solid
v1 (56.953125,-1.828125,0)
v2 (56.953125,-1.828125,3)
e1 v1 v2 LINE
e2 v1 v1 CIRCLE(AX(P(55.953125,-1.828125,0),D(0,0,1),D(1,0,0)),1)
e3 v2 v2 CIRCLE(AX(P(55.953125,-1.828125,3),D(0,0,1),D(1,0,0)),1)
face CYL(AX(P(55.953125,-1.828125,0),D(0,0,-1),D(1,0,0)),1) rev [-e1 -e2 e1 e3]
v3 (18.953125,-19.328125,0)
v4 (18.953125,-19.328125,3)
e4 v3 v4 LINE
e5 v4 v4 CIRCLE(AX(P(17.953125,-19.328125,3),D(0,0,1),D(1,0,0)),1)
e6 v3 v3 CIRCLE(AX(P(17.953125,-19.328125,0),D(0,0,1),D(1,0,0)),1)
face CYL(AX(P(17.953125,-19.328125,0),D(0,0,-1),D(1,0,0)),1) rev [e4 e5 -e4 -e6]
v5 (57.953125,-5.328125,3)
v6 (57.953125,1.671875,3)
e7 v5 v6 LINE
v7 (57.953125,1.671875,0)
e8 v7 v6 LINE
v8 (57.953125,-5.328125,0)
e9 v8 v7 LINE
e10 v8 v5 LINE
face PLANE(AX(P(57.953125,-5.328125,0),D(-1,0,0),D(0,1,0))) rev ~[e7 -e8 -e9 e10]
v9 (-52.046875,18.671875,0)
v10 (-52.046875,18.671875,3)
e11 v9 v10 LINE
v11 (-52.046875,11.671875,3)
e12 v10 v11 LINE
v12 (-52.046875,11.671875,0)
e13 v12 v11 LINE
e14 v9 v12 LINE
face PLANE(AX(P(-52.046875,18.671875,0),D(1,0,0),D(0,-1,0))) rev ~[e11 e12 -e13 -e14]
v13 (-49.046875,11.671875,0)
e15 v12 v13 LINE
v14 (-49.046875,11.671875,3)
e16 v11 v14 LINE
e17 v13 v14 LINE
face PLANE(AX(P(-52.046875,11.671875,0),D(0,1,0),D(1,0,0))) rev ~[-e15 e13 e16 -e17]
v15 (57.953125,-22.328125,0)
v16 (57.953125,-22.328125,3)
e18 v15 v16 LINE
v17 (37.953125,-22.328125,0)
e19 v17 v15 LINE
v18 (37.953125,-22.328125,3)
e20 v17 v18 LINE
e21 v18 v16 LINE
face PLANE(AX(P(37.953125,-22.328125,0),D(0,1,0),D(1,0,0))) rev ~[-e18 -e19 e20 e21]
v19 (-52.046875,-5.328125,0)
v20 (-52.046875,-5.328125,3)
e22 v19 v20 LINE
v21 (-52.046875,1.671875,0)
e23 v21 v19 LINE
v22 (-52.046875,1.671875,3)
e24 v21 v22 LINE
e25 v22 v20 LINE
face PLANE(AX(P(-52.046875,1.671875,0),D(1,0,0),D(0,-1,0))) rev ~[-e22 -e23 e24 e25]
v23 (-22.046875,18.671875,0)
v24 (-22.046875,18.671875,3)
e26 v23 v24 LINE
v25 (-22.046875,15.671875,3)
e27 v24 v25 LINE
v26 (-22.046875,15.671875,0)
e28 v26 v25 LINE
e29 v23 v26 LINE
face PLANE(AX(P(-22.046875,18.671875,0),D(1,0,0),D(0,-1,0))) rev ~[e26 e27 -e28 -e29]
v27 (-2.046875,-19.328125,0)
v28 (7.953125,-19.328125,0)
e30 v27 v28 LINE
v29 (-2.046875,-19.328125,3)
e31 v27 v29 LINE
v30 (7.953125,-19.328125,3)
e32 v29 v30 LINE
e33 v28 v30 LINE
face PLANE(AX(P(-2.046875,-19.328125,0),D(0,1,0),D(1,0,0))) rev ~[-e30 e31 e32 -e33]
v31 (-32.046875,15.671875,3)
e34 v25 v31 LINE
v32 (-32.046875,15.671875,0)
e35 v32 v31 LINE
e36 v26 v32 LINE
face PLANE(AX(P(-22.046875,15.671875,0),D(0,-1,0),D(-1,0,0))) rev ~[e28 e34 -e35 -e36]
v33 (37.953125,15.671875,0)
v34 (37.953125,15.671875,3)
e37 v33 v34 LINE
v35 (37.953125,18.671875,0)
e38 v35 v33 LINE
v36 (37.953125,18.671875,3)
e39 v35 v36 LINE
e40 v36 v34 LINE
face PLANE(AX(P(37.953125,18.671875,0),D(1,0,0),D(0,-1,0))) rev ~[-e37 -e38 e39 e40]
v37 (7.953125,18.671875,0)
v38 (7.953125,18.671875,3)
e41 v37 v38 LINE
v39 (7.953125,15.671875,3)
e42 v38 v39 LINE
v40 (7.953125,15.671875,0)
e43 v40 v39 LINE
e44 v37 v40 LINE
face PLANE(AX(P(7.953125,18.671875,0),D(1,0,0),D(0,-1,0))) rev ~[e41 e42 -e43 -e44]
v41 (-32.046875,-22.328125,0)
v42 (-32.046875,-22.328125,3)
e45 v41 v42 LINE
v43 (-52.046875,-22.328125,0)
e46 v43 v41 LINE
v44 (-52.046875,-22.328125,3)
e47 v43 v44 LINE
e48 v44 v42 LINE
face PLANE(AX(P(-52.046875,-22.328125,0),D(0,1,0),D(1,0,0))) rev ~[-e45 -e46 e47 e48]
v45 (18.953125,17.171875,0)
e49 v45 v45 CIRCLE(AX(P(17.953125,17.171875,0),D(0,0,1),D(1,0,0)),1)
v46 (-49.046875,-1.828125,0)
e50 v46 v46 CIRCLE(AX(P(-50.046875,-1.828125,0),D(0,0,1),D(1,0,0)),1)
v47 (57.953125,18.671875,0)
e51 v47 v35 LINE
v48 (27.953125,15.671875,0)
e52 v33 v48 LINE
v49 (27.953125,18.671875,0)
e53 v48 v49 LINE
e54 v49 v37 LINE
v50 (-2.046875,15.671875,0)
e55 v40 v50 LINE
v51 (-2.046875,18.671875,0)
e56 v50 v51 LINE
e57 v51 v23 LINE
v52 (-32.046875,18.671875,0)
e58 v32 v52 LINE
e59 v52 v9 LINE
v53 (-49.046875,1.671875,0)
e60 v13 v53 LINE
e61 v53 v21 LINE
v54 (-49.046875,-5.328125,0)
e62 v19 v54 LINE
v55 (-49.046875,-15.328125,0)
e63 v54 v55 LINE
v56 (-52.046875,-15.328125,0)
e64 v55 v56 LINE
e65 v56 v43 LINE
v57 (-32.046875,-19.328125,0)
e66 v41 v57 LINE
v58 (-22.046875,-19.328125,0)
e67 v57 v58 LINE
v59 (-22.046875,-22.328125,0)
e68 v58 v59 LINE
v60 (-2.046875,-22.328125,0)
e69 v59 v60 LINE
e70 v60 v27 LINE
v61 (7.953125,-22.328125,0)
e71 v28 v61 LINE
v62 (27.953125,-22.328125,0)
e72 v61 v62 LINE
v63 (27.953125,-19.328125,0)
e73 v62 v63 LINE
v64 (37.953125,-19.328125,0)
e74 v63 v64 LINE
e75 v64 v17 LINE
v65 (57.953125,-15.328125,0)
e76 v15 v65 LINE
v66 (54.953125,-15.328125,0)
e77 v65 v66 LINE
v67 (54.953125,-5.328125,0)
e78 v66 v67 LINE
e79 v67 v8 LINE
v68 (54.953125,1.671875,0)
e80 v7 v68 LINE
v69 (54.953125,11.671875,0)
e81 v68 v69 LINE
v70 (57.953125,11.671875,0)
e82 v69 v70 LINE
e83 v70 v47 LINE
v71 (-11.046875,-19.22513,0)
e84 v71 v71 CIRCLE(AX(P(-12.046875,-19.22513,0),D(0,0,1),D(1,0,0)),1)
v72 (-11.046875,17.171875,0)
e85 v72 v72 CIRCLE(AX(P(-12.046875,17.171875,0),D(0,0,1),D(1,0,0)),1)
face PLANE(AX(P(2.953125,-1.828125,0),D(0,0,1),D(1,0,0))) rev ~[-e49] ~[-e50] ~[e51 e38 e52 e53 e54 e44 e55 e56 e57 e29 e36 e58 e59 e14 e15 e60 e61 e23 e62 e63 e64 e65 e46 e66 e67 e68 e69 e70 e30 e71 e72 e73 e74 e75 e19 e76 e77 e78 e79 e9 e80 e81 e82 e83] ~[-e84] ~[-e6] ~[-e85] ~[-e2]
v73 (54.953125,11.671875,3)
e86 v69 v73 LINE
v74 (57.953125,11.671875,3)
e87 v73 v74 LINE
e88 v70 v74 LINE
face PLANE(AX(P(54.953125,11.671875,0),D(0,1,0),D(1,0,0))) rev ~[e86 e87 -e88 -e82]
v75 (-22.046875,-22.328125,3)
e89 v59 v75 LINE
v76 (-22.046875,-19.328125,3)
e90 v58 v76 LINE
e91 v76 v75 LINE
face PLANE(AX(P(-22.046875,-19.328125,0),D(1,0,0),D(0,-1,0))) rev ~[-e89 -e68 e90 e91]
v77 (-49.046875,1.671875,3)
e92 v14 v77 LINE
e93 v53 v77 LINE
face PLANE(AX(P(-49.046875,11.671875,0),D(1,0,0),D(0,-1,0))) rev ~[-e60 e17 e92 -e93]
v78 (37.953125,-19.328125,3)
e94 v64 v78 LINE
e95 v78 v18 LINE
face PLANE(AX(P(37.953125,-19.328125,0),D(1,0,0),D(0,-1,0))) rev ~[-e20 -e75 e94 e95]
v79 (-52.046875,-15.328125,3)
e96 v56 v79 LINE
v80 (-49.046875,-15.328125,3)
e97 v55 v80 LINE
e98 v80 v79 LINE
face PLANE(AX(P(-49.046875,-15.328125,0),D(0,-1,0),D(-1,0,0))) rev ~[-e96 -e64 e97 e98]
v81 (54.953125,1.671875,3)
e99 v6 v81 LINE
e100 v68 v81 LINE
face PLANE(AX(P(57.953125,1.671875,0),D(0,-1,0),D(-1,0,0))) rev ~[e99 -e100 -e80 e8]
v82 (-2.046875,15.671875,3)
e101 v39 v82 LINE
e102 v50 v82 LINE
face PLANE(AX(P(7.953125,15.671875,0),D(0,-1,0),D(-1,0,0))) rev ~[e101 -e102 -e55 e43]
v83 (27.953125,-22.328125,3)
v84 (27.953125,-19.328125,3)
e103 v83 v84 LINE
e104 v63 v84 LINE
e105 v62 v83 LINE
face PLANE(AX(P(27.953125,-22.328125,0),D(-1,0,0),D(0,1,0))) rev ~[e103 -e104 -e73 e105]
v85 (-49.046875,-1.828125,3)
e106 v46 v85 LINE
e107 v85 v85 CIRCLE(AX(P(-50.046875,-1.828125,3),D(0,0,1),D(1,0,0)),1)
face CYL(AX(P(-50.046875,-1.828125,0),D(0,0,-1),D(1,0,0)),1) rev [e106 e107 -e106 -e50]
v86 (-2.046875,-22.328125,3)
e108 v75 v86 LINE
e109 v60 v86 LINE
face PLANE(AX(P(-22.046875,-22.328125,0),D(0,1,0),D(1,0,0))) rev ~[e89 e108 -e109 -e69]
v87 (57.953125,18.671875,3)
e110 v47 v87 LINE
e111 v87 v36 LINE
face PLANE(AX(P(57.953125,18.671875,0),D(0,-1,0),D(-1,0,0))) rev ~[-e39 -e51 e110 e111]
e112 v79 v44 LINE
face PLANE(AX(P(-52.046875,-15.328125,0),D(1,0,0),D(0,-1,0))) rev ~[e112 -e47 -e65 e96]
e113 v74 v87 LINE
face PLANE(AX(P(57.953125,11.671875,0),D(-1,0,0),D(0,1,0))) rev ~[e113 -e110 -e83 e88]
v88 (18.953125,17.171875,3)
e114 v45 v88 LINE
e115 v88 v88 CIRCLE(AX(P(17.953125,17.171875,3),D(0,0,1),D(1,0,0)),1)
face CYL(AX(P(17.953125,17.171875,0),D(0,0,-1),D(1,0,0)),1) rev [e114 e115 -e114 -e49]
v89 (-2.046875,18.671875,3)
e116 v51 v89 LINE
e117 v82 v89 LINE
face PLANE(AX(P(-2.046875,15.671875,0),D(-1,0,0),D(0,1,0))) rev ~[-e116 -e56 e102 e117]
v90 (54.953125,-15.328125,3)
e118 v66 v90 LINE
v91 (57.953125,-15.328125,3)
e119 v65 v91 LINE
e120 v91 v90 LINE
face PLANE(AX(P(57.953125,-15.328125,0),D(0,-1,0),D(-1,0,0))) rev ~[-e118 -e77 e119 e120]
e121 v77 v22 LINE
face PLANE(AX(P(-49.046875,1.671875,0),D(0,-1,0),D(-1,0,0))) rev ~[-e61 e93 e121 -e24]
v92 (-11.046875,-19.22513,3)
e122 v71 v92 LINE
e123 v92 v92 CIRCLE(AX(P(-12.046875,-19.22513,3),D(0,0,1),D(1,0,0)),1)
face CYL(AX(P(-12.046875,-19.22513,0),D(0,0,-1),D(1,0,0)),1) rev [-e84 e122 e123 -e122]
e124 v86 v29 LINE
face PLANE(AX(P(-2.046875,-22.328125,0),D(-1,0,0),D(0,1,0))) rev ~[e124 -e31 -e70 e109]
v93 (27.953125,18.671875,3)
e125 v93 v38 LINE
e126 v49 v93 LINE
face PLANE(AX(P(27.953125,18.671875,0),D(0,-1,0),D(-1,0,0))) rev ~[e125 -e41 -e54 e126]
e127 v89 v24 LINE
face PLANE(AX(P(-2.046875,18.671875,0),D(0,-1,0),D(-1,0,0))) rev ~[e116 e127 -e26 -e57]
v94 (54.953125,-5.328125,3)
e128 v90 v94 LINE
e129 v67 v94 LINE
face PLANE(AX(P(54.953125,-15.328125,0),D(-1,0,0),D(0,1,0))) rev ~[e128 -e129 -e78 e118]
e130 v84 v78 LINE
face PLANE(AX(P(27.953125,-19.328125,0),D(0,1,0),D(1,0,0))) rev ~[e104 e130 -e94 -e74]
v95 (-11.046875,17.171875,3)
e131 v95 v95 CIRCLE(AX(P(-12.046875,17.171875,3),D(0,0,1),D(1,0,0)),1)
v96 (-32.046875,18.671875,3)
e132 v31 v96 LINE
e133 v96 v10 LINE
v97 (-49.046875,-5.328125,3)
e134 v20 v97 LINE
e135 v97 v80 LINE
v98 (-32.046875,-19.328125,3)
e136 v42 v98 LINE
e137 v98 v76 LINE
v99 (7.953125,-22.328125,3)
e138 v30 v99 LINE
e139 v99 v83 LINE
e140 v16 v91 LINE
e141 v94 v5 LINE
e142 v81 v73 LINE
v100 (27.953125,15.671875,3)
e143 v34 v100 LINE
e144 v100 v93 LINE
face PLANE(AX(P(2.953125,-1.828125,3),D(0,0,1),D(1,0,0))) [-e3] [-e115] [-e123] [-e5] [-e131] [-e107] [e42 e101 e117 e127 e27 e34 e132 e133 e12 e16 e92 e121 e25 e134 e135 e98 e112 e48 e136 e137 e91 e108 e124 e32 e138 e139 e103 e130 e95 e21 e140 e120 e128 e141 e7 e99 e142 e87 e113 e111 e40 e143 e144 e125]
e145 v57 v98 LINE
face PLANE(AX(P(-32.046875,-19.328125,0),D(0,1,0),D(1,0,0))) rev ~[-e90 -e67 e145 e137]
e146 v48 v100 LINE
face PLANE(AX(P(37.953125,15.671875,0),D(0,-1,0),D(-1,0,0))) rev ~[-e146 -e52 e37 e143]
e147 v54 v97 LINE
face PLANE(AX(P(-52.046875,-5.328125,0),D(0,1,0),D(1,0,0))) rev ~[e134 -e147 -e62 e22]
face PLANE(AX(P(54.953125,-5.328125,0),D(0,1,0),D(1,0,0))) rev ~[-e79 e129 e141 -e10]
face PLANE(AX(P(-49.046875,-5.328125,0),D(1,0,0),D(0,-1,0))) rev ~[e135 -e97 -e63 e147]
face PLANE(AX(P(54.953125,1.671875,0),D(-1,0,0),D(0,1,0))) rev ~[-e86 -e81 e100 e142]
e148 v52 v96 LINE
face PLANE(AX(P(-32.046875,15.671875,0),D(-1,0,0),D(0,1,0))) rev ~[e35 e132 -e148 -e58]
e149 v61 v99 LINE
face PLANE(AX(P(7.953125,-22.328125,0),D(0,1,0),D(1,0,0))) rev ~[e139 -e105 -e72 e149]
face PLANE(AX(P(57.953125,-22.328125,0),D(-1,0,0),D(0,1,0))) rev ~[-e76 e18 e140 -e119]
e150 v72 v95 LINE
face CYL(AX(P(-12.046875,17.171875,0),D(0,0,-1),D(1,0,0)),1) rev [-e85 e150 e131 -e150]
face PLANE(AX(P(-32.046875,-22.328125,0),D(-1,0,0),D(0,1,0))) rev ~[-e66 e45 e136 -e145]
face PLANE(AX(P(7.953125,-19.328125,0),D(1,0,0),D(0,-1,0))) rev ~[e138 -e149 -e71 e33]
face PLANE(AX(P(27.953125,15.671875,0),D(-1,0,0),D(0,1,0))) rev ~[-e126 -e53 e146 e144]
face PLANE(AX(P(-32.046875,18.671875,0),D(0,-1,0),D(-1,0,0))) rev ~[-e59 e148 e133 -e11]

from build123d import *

# Parameters (mm, degrees)
F0_R     = 1
F1_DEPTH = 3


with BuildPart() as f1:
    # F0 (on Top) → F1 (new body)
    with BuildSketch(Plane.XY):
        Polygon((-52.046875, -15.328125), (-52.046875, -22.328125), (-32.046875, -22.328125), (-32.046875, -19.328125), (-22.046875, -19.328125), (-22.046875, -22.328125), (-2.046875, -22.328125), (-2.046875, -19.328125), (2.953125, -19.328125), (7.953125, -19.328125), (7.953125, -22.328125), (27.953125, -22.328125), (27.953125, -19.328125), (37.953125, -19.328125), (37.953125, -22.328125), (57.953125, -22.328125), (57.953125, -15.328125), (54.953125, -15.328125), (54.953125, -5.328125), (57.953125, -5.328125), (57.953125, 1.671875), (54.953125, 1.671875), (54.953125, 11.671875), (57.953125, 11.671875), (57.953125, 18.671875), (37.953125, 18.671875), (37.953125, 15.671875), (27.953125, 15.671875), (27.953125, 18.671875), (7.953125, 18.671875), (7.953125, 15.671875), (2.953125, 15.671875), (-2.046875, 15.671875), (-2.046875, 18.671875), (-22.046875, 18.671875), (-22.046875, 15.671875), (-32.046875, 15.671875), (-32.046875, 18.671875), (-52.046875, 18.671875), (-52.046875, 11.671875), (-49.046875, 11.671875), (-49.046875, 1.671875), (-52.046875, 1.671875), (-52.046875, -5.328125), (-49.046875, -5.328125), (-49.046875, -15.328125), align=None)
        with Locations((-12.046875, -19.22513)):
            Circle(F0_R, mode=Mode.SUBTRACT)
        with Locations((17.953125, -19.328125)):
            Circle(F0_R, mode=Mode.SUBTRACT)
        with Locations((-50.046875, -1.828125)):
            Circle(F0_R, mode=Mode.SUBTRACT)
        with Locations((-12.046875, 17.171875)):
            Circle(F0_R, mode=Mode.SUBTRACT)
        with Locations((55.953125, -1.828125)):
            Circle(F0_R, mode=Mode.SUBTRACT)
        with Locations((17.953125, 17.171875)):
            Circle(F0_R, mode=Mode.SUBTRACT)
    extrude(amount=F1_DEPTH)


solid = f1.part
